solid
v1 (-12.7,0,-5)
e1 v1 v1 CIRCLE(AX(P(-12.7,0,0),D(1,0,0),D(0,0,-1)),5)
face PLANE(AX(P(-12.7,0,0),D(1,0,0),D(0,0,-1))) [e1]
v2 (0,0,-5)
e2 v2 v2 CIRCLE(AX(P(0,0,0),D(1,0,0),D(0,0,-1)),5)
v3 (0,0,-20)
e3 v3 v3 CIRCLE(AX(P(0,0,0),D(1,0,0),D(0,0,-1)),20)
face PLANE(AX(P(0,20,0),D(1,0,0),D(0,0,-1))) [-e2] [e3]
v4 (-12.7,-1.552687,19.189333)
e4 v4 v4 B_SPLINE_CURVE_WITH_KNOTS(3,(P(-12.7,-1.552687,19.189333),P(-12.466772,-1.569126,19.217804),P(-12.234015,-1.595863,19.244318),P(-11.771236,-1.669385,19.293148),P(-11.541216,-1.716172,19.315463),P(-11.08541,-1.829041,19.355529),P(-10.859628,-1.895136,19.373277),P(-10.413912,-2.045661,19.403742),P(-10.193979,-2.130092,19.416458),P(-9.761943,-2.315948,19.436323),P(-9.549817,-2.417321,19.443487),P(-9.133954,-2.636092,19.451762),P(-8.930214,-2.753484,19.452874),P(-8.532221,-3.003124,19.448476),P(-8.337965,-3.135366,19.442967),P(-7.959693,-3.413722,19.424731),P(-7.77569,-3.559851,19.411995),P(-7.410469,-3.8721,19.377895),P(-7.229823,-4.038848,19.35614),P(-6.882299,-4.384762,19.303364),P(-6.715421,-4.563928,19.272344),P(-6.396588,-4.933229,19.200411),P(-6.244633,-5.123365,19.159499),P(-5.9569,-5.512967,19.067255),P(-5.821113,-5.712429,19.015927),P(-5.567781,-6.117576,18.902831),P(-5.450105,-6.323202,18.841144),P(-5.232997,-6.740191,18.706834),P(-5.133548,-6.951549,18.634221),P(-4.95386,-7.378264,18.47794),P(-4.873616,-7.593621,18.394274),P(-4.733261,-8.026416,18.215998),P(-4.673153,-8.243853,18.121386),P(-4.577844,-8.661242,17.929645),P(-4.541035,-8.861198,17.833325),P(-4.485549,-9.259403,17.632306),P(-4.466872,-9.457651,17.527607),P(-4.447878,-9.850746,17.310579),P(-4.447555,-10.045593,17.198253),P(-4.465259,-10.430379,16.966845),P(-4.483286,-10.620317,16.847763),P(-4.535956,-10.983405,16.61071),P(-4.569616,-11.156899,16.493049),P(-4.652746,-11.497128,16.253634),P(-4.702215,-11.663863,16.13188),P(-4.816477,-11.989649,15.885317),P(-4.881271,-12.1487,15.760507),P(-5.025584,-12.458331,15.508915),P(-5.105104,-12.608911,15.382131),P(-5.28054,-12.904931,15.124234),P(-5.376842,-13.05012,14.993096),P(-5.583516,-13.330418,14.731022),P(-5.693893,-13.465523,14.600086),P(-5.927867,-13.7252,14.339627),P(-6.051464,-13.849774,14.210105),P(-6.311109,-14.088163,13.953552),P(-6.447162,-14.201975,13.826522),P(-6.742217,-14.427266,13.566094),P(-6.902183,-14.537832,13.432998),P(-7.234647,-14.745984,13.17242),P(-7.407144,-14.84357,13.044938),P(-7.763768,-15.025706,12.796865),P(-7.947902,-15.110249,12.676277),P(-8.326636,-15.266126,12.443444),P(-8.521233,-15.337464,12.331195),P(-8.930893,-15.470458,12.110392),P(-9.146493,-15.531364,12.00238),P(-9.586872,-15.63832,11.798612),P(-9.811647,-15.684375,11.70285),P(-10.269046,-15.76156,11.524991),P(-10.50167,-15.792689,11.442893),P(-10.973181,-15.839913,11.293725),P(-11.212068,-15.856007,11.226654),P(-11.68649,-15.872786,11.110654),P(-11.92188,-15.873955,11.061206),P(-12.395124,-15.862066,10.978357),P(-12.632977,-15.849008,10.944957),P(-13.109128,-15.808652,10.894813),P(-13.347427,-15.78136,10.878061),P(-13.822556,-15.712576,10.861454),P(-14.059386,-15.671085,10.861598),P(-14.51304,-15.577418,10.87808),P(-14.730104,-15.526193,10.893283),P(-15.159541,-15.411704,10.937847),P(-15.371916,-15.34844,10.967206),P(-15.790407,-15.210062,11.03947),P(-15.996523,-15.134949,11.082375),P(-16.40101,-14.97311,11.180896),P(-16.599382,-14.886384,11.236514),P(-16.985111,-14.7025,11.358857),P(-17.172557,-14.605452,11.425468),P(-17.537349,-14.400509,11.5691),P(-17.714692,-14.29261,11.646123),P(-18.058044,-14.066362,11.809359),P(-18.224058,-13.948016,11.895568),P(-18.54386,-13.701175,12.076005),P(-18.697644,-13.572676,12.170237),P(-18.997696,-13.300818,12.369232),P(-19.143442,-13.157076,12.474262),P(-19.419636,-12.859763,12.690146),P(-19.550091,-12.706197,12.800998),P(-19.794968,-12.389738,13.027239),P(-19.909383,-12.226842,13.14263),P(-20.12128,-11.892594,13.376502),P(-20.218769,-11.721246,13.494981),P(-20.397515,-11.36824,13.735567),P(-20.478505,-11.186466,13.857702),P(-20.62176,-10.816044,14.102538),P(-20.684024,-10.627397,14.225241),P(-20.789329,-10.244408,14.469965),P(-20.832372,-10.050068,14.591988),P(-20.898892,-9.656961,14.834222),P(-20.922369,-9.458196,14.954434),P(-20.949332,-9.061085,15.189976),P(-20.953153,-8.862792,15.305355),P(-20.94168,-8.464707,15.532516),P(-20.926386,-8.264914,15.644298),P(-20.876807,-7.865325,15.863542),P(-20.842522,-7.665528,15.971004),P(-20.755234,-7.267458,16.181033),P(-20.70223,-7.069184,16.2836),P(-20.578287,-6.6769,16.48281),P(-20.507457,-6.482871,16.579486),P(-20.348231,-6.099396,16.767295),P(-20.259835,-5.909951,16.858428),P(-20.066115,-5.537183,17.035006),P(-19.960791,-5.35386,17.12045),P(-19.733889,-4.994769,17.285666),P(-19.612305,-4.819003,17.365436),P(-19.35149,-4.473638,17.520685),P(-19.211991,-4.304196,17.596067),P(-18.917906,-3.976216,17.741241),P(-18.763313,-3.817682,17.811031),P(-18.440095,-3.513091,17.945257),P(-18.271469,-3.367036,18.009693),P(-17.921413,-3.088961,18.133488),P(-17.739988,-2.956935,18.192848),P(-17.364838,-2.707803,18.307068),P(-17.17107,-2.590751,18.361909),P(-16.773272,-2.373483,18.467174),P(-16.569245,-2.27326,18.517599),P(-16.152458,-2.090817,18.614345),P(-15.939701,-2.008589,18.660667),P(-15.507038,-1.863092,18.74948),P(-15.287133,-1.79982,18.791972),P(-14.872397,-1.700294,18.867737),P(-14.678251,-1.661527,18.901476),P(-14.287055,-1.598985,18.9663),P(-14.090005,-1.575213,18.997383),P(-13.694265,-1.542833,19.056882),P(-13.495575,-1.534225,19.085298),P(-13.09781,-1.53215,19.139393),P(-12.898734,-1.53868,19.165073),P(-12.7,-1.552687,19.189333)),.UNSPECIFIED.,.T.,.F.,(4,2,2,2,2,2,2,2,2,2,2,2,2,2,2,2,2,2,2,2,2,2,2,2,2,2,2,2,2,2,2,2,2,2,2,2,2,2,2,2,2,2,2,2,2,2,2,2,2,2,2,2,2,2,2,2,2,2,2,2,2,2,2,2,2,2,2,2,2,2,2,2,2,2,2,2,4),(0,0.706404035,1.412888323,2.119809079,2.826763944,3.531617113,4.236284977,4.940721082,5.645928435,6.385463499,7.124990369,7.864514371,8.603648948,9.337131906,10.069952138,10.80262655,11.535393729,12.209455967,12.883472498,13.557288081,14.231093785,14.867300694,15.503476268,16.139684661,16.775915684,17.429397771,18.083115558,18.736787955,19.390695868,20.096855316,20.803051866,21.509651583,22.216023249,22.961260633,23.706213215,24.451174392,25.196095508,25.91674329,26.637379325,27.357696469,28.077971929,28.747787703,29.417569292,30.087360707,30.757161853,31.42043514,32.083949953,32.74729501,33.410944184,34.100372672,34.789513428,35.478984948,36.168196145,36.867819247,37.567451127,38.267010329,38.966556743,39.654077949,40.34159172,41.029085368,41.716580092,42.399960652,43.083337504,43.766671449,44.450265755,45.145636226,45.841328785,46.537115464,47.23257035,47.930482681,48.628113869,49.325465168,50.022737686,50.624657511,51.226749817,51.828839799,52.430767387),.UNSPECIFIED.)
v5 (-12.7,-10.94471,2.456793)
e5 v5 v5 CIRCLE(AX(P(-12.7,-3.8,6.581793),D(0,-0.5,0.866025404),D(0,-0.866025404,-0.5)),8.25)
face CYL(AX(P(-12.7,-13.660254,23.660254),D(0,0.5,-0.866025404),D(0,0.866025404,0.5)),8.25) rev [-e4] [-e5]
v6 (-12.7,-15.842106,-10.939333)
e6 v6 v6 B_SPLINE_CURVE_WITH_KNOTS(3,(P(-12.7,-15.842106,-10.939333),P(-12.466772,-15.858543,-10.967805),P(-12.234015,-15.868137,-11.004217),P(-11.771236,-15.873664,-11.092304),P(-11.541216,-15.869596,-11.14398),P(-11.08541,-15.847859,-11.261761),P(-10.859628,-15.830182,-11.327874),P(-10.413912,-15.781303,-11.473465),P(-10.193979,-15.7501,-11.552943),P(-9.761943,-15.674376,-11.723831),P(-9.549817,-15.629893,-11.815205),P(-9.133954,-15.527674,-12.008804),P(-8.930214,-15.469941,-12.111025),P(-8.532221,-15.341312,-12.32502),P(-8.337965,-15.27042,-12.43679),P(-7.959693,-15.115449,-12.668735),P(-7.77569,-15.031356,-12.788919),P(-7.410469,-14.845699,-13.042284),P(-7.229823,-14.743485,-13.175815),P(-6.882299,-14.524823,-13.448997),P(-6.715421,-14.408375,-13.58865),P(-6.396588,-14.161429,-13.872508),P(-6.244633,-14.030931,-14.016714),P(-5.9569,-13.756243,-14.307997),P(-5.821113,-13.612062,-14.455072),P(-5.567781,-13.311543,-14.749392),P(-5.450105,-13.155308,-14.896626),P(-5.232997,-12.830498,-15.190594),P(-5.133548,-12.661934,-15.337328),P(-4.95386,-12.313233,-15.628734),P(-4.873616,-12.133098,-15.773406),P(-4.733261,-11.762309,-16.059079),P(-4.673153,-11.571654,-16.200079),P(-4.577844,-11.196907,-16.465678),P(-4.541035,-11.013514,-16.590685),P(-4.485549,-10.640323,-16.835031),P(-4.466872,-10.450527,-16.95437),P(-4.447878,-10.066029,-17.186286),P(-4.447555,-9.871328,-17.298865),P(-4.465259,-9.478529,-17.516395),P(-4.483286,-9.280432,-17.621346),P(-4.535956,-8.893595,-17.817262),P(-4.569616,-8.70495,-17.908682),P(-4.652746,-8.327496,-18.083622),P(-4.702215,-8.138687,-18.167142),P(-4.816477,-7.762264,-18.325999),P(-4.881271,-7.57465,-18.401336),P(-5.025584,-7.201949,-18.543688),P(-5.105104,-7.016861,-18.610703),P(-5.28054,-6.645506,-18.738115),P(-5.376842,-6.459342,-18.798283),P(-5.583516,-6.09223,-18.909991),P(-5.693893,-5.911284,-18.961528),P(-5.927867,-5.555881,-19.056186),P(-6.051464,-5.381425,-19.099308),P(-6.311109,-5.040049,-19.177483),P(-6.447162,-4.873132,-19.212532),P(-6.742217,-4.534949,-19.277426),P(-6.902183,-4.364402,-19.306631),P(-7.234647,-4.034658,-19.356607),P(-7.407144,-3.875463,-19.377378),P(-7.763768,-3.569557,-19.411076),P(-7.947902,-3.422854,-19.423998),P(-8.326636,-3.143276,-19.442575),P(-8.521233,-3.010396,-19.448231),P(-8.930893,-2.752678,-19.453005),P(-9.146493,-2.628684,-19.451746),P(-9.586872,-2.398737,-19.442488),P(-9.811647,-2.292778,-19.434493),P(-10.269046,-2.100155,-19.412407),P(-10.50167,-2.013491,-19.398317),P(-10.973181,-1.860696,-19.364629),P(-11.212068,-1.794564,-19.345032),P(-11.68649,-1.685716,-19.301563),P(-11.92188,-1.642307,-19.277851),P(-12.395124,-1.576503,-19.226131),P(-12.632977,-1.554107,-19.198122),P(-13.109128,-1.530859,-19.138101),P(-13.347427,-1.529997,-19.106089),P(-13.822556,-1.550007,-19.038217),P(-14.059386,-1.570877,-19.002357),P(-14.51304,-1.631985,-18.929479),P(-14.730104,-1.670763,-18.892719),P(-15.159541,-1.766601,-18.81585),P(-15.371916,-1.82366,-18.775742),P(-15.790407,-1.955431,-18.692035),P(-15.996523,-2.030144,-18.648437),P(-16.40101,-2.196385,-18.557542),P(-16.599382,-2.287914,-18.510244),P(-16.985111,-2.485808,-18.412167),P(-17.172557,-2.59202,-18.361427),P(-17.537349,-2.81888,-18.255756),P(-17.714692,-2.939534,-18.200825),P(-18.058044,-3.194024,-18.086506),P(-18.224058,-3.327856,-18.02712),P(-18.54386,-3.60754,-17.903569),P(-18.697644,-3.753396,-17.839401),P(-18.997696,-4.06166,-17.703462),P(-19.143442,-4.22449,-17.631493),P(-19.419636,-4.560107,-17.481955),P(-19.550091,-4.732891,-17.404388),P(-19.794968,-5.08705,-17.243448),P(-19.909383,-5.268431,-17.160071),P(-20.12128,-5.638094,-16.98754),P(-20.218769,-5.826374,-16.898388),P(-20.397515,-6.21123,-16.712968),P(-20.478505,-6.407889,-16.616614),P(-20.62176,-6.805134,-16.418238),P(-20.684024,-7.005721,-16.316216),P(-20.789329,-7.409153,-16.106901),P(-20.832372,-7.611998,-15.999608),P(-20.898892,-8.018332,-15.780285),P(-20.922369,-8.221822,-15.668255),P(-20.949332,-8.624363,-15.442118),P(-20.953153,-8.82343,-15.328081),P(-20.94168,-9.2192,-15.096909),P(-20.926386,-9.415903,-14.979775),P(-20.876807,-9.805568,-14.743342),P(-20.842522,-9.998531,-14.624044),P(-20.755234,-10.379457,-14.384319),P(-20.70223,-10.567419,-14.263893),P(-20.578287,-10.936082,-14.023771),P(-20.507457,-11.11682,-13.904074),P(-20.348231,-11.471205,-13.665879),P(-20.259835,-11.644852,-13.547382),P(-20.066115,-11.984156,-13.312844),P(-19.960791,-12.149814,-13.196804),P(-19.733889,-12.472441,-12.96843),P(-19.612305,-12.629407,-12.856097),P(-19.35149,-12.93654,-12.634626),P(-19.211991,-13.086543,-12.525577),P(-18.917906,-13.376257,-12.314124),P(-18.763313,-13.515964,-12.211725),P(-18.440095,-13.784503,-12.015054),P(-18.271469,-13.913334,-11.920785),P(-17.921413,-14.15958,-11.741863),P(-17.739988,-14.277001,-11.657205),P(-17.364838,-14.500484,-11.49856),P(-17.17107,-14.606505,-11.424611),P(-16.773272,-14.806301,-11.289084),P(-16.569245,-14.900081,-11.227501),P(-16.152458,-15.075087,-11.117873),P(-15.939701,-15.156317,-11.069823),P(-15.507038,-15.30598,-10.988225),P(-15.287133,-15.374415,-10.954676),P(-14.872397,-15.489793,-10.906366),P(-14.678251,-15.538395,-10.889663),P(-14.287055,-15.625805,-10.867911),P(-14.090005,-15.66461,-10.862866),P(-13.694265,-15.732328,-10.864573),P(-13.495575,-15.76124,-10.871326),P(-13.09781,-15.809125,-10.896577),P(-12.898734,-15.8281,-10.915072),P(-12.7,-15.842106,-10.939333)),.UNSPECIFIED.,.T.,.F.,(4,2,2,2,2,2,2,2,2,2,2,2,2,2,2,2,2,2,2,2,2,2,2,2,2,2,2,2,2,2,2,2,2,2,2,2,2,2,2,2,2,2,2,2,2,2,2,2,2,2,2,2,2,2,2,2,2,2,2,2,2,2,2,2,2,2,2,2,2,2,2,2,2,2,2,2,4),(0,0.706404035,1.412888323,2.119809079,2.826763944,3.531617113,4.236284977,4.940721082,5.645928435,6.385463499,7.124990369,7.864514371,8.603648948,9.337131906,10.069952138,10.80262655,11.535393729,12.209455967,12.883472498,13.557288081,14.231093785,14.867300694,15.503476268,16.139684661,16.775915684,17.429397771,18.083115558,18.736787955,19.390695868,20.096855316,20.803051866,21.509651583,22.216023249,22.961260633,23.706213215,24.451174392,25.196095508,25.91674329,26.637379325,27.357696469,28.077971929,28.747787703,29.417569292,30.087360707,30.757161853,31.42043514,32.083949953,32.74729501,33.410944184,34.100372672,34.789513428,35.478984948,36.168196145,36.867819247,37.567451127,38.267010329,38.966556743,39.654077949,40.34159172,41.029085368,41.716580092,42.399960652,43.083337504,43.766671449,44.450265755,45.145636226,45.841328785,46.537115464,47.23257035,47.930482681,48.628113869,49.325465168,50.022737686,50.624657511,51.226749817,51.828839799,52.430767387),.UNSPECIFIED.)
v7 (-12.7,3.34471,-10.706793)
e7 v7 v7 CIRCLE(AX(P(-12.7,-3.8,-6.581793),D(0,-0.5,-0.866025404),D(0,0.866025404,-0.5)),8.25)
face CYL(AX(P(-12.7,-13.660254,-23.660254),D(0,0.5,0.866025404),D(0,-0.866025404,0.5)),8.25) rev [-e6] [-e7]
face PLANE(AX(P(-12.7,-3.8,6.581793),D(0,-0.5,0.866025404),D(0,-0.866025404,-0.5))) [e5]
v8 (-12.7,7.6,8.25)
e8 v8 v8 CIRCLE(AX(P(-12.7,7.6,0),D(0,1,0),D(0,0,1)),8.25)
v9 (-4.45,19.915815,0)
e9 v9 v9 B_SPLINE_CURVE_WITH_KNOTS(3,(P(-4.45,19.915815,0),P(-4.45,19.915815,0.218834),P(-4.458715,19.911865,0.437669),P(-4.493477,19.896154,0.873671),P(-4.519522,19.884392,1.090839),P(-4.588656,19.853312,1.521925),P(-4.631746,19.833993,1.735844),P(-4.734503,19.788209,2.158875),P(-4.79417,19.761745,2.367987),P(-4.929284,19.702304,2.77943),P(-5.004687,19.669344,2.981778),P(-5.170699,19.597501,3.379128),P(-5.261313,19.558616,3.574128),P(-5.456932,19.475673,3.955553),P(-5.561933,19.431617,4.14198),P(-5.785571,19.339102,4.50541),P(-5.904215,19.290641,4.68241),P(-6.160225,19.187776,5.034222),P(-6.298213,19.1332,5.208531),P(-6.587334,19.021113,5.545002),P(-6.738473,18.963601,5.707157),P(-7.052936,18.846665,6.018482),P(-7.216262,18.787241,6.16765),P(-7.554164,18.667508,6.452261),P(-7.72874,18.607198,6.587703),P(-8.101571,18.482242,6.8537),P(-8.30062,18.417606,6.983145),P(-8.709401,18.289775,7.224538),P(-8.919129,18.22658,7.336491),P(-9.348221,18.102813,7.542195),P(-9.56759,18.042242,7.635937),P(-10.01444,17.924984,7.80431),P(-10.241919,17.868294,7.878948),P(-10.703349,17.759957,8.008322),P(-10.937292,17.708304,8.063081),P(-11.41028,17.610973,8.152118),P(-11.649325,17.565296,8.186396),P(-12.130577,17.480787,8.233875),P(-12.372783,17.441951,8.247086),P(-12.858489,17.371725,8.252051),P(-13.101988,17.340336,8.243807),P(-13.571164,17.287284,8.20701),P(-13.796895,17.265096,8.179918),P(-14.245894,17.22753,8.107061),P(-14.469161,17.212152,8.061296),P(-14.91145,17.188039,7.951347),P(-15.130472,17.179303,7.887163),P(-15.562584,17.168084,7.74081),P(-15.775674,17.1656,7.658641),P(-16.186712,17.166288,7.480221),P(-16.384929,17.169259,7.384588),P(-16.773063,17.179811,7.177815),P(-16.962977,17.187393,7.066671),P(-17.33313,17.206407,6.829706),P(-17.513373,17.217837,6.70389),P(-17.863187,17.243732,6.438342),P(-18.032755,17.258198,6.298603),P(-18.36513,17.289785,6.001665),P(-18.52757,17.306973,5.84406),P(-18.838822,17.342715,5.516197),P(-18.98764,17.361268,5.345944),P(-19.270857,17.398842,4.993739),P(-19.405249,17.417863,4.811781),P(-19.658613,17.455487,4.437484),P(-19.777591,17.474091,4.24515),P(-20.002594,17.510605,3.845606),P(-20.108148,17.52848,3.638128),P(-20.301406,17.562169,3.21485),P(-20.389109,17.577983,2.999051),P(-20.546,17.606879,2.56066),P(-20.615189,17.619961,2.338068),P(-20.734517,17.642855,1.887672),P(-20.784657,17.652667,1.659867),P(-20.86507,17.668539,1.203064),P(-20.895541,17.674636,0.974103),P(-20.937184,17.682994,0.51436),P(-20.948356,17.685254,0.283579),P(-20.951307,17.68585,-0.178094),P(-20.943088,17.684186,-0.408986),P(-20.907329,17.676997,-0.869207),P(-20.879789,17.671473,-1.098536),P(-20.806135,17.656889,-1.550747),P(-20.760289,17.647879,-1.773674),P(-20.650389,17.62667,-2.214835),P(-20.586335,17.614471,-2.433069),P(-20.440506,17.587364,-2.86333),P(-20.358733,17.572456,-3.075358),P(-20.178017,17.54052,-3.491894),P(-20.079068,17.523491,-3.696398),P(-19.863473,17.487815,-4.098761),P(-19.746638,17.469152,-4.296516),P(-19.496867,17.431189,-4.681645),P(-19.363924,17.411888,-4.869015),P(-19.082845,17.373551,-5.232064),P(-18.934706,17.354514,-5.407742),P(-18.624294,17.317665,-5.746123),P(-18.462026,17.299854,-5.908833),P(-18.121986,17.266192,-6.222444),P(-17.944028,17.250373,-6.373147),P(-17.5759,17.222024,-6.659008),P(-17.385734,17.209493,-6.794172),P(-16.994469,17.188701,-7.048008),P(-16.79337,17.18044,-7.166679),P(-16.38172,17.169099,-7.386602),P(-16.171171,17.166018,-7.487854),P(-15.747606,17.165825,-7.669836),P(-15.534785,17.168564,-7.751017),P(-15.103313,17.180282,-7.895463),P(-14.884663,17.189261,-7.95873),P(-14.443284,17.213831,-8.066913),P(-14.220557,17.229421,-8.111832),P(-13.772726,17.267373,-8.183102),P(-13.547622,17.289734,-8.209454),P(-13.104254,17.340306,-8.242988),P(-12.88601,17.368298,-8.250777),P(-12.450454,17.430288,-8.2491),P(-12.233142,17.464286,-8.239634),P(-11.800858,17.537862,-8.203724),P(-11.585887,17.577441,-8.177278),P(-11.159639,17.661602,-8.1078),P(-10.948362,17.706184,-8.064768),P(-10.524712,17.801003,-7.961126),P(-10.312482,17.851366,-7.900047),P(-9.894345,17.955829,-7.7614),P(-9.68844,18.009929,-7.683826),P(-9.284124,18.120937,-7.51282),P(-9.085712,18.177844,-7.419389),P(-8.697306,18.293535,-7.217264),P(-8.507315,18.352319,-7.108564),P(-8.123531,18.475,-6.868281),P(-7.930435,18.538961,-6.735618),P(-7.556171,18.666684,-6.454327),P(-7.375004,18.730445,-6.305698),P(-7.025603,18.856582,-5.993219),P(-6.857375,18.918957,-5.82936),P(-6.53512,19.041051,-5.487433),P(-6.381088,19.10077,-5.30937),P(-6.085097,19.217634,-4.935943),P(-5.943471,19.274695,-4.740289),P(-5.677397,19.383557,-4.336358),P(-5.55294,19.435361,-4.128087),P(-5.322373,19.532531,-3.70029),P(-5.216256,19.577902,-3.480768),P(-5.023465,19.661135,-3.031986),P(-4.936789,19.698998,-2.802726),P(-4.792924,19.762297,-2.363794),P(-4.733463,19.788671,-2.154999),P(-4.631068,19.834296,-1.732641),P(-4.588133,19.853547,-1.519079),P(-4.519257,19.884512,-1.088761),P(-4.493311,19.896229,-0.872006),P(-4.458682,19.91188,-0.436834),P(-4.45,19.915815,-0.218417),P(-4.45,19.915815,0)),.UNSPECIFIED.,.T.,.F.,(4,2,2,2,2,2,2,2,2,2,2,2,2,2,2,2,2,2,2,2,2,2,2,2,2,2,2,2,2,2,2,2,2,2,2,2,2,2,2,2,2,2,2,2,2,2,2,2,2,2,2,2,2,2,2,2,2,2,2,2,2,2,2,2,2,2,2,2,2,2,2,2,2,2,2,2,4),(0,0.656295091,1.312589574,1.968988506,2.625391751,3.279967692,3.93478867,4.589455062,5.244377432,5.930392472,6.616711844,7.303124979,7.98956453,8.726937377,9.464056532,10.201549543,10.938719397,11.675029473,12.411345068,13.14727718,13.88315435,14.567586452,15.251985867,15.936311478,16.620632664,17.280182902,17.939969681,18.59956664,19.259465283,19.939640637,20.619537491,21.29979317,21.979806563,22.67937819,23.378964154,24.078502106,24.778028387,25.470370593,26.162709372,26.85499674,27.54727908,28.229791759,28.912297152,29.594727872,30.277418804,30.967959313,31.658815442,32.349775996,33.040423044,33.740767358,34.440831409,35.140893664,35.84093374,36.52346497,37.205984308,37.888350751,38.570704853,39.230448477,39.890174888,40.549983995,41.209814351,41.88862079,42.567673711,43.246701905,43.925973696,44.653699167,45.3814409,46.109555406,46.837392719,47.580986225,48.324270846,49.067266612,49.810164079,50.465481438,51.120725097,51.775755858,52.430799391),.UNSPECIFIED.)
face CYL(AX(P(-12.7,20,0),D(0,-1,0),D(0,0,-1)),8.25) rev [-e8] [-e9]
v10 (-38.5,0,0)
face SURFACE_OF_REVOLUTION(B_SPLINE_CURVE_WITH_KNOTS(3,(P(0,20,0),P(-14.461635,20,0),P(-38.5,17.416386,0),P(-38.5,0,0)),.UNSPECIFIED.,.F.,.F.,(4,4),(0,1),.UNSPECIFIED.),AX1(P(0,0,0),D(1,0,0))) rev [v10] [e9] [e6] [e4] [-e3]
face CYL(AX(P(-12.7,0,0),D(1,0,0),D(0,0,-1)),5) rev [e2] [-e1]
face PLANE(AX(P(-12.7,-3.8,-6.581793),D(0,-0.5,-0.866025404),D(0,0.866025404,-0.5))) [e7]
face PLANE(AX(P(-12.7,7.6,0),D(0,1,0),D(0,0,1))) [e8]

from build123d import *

# Parameters (mm, degrees)
SKETCH2_R          = 5
CUT_EXTRUDE1_DEPTH = 12.7
SKETCH3_R          = 8.25
CUT_EXTRUDE2_DEPTH = 52.419937935
CIRPATTERN1_COUNT  = 3


with BuildPart() as part:
    # Sketch1 → Revolve1 (revolve)
    with BuildSketch(Plane.XY):
        with BuildLine():
            Line((0, 20), (0, 0))
            Line((0, 0), (-38.5, 0))
            add(Edge.make_bspline(
                [(-38.5, 0), (-38.5, 17.416386275), (-14.46163507, 20), (0, 20)],
                knots=[0, 0, 0, 0, 1, 1, 1, 1], degree=3))
        make_face()
    revolve(axis=Axis((0, 0, 0), (-1, 0, 0)))

    # Sketch2 → Cut-Extrude1 (cut)
    with BuildSketch(Plane(origin=(0, 0, 0), x_dir=(0, 0, -1), z_dir=(1, 0, 0))):
        Circle(SKETCH2_R)
    extrude(amount=-CUT_EXTRUDE1_DEPTH, mode=Mode.SUBTRACT)

    # Sketch3 → Cut-Extrude2 (cut, through all)
    with BuildSketch(Plane(origin=(0, 7.6, 0), x_dir=(1, 0, 0), z_dir=(0, 1, 0))):
        with Locations((-12.7, 0)):
            Circle(SKETCH3_R)
    cut_extrude2 = extrude(amount=CUT_EXTRUDE2_DEPTH, mode=Mode.SUBTRACT)

    # CirPattern1: Cut-Extrude2 ×3 about axis
    cirpattern1_axis = Axis((0, 0, 0), (1, 0, 0))
    for i in range(1, CIRPATTERN1_COUNT):
        add(cut_extrude2.rotate(cirpattern1_axis, i * 360 / CIRPATTERN1_COUNT), mode=Mode.SUBTRACT)


solid = part.part
